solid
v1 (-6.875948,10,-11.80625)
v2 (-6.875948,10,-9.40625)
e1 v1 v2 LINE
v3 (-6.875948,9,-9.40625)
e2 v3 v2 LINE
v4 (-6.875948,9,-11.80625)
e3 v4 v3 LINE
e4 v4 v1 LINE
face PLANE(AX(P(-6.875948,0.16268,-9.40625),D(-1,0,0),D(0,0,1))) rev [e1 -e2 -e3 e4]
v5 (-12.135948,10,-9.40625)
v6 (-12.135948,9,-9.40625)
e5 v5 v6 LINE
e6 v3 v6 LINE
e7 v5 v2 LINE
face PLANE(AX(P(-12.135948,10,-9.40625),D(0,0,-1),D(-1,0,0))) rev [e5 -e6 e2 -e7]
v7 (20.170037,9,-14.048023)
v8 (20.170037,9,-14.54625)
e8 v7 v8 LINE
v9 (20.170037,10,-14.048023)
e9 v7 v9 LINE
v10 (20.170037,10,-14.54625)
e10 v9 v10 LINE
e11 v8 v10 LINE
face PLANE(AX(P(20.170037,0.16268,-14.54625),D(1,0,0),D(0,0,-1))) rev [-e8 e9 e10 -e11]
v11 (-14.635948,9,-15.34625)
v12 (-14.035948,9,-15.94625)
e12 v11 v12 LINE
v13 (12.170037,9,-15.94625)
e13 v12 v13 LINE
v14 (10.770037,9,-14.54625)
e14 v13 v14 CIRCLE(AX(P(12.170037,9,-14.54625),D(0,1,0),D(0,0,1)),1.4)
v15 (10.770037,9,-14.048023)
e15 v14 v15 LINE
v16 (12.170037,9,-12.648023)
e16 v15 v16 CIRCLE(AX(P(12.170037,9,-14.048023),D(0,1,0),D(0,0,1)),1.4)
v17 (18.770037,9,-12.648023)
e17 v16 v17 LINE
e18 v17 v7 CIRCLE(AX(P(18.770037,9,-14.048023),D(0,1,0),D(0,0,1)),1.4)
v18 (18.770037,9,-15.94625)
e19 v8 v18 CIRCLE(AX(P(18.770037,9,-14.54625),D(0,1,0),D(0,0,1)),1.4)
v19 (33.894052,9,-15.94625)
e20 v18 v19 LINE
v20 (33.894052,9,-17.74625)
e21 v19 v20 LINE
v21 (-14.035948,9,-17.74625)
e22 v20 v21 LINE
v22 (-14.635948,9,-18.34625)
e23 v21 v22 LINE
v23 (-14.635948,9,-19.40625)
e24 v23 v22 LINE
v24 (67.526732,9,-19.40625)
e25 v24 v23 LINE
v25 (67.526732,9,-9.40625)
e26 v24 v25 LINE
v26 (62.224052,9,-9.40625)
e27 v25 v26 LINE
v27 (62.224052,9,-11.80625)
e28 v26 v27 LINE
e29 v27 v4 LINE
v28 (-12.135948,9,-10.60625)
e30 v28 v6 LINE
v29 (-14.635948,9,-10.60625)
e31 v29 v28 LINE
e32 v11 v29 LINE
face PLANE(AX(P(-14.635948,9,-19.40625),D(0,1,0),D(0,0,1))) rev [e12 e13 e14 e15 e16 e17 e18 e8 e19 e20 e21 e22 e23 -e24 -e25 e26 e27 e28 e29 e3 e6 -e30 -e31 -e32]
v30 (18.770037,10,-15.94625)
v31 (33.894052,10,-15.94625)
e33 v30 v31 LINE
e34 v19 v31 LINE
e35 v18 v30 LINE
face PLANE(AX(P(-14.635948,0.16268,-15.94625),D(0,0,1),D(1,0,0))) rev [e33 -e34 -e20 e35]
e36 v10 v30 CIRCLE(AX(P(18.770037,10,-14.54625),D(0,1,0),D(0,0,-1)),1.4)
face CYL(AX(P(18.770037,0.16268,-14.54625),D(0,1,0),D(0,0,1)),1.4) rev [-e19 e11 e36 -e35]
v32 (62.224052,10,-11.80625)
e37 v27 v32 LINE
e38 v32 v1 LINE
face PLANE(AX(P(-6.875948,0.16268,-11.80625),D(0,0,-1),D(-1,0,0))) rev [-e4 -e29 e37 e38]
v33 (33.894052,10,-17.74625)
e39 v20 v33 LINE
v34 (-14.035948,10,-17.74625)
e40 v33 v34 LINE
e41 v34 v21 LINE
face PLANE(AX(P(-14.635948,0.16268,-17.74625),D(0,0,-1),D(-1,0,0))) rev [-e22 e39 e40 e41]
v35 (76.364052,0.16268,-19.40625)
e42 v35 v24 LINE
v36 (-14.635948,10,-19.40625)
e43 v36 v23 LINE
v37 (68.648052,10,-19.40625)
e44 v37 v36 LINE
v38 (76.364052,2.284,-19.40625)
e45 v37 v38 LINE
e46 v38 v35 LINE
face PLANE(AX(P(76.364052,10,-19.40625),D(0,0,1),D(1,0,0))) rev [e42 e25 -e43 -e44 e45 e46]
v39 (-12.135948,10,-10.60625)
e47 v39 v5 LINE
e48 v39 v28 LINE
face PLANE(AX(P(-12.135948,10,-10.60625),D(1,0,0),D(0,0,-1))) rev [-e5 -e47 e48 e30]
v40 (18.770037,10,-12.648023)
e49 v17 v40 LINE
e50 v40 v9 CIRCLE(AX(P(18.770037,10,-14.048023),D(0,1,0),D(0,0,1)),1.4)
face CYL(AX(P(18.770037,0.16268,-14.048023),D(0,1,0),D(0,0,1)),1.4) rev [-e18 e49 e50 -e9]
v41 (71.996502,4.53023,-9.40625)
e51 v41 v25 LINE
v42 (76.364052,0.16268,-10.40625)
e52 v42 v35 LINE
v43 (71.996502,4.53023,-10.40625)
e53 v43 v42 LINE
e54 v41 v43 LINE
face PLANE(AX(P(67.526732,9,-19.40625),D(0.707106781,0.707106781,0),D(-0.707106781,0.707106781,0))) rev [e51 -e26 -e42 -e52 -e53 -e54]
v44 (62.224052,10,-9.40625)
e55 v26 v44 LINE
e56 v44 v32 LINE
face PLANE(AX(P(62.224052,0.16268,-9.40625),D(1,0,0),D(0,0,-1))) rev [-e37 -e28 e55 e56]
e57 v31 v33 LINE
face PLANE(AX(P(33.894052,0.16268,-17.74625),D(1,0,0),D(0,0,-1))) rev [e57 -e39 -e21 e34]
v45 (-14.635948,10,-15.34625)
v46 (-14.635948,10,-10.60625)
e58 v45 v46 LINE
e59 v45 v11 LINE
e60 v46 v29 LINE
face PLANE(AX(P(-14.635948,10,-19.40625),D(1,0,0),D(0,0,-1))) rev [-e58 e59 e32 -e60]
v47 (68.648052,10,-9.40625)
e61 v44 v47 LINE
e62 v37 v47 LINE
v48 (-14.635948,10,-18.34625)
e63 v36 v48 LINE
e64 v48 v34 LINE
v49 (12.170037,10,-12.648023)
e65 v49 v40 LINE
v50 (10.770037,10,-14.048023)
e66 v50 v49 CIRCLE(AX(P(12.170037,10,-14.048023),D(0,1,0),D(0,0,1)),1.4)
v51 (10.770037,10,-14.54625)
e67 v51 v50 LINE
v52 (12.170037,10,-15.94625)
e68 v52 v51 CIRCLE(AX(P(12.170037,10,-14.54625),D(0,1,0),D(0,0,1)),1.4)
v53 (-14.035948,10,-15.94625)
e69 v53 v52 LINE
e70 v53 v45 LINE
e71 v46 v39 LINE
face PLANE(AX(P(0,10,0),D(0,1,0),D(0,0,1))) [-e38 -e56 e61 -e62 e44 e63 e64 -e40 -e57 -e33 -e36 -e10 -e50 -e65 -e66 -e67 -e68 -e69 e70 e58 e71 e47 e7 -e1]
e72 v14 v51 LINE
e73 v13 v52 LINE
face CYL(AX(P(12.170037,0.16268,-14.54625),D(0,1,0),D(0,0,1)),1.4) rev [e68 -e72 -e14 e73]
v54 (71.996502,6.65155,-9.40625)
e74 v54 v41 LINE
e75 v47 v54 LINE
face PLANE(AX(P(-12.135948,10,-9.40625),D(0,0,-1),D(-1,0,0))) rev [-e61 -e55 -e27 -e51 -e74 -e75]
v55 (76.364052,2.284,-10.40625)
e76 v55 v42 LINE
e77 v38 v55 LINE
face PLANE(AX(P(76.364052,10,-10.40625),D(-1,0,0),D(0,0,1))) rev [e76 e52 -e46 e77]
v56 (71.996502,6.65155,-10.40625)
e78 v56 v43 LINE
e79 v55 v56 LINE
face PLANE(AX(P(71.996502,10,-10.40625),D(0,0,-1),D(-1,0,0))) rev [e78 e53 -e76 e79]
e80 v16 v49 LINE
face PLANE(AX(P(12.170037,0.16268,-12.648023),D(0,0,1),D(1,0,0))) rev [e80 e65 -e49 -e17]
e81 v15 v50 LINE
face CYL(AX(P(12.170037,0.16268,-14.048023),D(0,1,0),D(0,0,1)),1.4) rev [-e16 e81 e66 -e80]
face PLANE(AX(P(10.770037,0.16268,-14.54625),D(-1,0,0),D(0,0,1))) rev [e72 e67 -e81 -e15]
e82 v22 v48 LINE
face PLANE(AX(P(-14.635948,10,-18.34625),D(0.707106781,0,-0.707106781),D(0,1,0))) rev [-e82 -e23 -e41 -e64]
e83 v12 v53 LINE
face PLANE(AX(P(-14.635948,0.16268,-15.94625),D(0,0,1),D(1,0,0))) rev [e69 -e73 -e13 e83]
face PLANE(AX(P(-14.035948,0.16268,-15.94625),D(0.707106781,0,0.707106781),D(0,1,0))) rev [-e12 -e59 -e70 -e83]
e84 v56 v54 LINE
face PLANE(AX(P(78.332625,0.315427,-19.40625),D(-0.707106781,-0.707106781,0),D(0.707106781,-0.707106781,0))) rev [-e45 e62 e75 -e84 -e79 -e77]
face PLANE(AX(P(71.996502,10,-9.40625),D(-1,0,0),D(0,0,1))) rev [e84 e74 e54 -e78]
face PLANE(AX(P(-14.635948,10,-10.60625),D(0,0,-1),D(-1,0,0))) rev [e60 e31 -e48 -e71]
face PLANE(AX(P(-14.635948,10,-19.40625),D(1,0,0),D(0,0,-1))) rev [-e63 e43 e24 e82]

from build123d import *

# Parameters (mm, degrees)
EXTRUDE_1_DEPTH     = 10
CUT_EXTRUDE_1_DEPTH = 78.662529175
SKETCH_3_W          = 48.53
SKETCH_3_H          = 1.8
SKETCH_3_W_2        = 69.1
SKETCH_3_H_2        = 2.4
CUT_EXTRUDE_2_DEPTH = 80.403046846
CUT_EXTRUDE_3_DEPTH = 80.403046846
CHAMFER_1_SIZE      = 0.6


with BuildPart() as part:
    # 草图1 → 凸台-拉伸1 (new body)
    with BuildSketch(Plane(origin=(0, 0, 0), x_dir=(1, 0, 0), z_dir=(0, 1, 0))):
        Polygon((-14.635948, 19.40625), (-14.635948, 10.60625), (-12.135948, 10.60625), (-12.135948, 9.40625), (71.996502, 9.40625), (71.996502, 10.40625), (76.364052, 10.40625), (76.364052, 19.40625), align=None)
    extrude(amount=EXTRUDE_1_DEPTH)

    # 草图2 → 切除-拉伸1 (cut, through all)
    with BuildSketch(Plane.XY.offset(-9.40625)):
        Polygon((-14.635948, 9), (67.526731656, 9), (76.526731656, 0), (-14.635948, 0), align=None)
        Polygon((78.332625034, 0.315426966), (67.430737892, 11.217314108), (78.393598105, 11.217314108), align=None)
    extrude(amount=-CUT_EXTRUDE_1_DEPTH, mode=Mode.SUBTRACT)

    # 草图3 → 切除-拉伸2 (cut, through all)
    with BuildSketch(Plane(origin=(0, 10, 0), x_dir=(1, 0, 0), z_dir=(0, 1, 0))):
        with Locations((9.629052, 16.84625)):
            Rectangle(SKETCH_3_W, SKETCH_3_H)
        with Locations((27.674052, 10.60625)):
            Rectangle(SKETCH_3_W_2, SKETCH_3_H_2)
    extrude(amount=-CUT_EXTRUDE_2_DEPTH, mode=Mode.SUBTRACT)

    # 草图4 → 切除-拉伸3 (cut, through all)
    with BuildSketch(Plane(origin=(0, 10, 0), x_dir=(1, 0, 0), z_dir=(0, 1, 0))):
        with BuildLine():
            Line((12.170037326, 15.94625), (18.770037326, 15.94625))
            ThreePointArc((18.770037326, 15.94625), (19.759986819, 15.536199494), (20.170037326, 14.54625))
            Line((20.170037326, 14.54625), (20.170037326, 14.048022825))
            ThreePointArc((20.170037326, 14.048022825), (19.759986819, 13.058073332), (18.770037326, 12.648022825))
            Line((18.770037326, 12.648022825), (12.170037326, 12.648022825))
            ThreePointArc((12.170037326, 12.648022825), (11.180087832, 13.058073332), (10.770037326, 14.048022825))
            Line((10.770037326, 14.048022825), (10.770037326, 14.54625))
            ThreePointArc((10.770037326, 14.54625), (11.180087832, 15.536199494), (12.170037326, 15.94625))
        make_face()
    extrude(amount=-CUT_EXTRUDE_3_DEPTH, mode=Mode.SUBTRACT)

    # 倒角1
    chamfer_1_edges = [part.edges().sort_by_distance(p)[0] for p in [
        (-14.635948, 9.5, -15.94625),
        (-14.635948, 9.5, -17.74625),
    ]]
    chamfer(chamfer_1_edges, length=CHAMFER_1_SIZE)


solid = part.part
